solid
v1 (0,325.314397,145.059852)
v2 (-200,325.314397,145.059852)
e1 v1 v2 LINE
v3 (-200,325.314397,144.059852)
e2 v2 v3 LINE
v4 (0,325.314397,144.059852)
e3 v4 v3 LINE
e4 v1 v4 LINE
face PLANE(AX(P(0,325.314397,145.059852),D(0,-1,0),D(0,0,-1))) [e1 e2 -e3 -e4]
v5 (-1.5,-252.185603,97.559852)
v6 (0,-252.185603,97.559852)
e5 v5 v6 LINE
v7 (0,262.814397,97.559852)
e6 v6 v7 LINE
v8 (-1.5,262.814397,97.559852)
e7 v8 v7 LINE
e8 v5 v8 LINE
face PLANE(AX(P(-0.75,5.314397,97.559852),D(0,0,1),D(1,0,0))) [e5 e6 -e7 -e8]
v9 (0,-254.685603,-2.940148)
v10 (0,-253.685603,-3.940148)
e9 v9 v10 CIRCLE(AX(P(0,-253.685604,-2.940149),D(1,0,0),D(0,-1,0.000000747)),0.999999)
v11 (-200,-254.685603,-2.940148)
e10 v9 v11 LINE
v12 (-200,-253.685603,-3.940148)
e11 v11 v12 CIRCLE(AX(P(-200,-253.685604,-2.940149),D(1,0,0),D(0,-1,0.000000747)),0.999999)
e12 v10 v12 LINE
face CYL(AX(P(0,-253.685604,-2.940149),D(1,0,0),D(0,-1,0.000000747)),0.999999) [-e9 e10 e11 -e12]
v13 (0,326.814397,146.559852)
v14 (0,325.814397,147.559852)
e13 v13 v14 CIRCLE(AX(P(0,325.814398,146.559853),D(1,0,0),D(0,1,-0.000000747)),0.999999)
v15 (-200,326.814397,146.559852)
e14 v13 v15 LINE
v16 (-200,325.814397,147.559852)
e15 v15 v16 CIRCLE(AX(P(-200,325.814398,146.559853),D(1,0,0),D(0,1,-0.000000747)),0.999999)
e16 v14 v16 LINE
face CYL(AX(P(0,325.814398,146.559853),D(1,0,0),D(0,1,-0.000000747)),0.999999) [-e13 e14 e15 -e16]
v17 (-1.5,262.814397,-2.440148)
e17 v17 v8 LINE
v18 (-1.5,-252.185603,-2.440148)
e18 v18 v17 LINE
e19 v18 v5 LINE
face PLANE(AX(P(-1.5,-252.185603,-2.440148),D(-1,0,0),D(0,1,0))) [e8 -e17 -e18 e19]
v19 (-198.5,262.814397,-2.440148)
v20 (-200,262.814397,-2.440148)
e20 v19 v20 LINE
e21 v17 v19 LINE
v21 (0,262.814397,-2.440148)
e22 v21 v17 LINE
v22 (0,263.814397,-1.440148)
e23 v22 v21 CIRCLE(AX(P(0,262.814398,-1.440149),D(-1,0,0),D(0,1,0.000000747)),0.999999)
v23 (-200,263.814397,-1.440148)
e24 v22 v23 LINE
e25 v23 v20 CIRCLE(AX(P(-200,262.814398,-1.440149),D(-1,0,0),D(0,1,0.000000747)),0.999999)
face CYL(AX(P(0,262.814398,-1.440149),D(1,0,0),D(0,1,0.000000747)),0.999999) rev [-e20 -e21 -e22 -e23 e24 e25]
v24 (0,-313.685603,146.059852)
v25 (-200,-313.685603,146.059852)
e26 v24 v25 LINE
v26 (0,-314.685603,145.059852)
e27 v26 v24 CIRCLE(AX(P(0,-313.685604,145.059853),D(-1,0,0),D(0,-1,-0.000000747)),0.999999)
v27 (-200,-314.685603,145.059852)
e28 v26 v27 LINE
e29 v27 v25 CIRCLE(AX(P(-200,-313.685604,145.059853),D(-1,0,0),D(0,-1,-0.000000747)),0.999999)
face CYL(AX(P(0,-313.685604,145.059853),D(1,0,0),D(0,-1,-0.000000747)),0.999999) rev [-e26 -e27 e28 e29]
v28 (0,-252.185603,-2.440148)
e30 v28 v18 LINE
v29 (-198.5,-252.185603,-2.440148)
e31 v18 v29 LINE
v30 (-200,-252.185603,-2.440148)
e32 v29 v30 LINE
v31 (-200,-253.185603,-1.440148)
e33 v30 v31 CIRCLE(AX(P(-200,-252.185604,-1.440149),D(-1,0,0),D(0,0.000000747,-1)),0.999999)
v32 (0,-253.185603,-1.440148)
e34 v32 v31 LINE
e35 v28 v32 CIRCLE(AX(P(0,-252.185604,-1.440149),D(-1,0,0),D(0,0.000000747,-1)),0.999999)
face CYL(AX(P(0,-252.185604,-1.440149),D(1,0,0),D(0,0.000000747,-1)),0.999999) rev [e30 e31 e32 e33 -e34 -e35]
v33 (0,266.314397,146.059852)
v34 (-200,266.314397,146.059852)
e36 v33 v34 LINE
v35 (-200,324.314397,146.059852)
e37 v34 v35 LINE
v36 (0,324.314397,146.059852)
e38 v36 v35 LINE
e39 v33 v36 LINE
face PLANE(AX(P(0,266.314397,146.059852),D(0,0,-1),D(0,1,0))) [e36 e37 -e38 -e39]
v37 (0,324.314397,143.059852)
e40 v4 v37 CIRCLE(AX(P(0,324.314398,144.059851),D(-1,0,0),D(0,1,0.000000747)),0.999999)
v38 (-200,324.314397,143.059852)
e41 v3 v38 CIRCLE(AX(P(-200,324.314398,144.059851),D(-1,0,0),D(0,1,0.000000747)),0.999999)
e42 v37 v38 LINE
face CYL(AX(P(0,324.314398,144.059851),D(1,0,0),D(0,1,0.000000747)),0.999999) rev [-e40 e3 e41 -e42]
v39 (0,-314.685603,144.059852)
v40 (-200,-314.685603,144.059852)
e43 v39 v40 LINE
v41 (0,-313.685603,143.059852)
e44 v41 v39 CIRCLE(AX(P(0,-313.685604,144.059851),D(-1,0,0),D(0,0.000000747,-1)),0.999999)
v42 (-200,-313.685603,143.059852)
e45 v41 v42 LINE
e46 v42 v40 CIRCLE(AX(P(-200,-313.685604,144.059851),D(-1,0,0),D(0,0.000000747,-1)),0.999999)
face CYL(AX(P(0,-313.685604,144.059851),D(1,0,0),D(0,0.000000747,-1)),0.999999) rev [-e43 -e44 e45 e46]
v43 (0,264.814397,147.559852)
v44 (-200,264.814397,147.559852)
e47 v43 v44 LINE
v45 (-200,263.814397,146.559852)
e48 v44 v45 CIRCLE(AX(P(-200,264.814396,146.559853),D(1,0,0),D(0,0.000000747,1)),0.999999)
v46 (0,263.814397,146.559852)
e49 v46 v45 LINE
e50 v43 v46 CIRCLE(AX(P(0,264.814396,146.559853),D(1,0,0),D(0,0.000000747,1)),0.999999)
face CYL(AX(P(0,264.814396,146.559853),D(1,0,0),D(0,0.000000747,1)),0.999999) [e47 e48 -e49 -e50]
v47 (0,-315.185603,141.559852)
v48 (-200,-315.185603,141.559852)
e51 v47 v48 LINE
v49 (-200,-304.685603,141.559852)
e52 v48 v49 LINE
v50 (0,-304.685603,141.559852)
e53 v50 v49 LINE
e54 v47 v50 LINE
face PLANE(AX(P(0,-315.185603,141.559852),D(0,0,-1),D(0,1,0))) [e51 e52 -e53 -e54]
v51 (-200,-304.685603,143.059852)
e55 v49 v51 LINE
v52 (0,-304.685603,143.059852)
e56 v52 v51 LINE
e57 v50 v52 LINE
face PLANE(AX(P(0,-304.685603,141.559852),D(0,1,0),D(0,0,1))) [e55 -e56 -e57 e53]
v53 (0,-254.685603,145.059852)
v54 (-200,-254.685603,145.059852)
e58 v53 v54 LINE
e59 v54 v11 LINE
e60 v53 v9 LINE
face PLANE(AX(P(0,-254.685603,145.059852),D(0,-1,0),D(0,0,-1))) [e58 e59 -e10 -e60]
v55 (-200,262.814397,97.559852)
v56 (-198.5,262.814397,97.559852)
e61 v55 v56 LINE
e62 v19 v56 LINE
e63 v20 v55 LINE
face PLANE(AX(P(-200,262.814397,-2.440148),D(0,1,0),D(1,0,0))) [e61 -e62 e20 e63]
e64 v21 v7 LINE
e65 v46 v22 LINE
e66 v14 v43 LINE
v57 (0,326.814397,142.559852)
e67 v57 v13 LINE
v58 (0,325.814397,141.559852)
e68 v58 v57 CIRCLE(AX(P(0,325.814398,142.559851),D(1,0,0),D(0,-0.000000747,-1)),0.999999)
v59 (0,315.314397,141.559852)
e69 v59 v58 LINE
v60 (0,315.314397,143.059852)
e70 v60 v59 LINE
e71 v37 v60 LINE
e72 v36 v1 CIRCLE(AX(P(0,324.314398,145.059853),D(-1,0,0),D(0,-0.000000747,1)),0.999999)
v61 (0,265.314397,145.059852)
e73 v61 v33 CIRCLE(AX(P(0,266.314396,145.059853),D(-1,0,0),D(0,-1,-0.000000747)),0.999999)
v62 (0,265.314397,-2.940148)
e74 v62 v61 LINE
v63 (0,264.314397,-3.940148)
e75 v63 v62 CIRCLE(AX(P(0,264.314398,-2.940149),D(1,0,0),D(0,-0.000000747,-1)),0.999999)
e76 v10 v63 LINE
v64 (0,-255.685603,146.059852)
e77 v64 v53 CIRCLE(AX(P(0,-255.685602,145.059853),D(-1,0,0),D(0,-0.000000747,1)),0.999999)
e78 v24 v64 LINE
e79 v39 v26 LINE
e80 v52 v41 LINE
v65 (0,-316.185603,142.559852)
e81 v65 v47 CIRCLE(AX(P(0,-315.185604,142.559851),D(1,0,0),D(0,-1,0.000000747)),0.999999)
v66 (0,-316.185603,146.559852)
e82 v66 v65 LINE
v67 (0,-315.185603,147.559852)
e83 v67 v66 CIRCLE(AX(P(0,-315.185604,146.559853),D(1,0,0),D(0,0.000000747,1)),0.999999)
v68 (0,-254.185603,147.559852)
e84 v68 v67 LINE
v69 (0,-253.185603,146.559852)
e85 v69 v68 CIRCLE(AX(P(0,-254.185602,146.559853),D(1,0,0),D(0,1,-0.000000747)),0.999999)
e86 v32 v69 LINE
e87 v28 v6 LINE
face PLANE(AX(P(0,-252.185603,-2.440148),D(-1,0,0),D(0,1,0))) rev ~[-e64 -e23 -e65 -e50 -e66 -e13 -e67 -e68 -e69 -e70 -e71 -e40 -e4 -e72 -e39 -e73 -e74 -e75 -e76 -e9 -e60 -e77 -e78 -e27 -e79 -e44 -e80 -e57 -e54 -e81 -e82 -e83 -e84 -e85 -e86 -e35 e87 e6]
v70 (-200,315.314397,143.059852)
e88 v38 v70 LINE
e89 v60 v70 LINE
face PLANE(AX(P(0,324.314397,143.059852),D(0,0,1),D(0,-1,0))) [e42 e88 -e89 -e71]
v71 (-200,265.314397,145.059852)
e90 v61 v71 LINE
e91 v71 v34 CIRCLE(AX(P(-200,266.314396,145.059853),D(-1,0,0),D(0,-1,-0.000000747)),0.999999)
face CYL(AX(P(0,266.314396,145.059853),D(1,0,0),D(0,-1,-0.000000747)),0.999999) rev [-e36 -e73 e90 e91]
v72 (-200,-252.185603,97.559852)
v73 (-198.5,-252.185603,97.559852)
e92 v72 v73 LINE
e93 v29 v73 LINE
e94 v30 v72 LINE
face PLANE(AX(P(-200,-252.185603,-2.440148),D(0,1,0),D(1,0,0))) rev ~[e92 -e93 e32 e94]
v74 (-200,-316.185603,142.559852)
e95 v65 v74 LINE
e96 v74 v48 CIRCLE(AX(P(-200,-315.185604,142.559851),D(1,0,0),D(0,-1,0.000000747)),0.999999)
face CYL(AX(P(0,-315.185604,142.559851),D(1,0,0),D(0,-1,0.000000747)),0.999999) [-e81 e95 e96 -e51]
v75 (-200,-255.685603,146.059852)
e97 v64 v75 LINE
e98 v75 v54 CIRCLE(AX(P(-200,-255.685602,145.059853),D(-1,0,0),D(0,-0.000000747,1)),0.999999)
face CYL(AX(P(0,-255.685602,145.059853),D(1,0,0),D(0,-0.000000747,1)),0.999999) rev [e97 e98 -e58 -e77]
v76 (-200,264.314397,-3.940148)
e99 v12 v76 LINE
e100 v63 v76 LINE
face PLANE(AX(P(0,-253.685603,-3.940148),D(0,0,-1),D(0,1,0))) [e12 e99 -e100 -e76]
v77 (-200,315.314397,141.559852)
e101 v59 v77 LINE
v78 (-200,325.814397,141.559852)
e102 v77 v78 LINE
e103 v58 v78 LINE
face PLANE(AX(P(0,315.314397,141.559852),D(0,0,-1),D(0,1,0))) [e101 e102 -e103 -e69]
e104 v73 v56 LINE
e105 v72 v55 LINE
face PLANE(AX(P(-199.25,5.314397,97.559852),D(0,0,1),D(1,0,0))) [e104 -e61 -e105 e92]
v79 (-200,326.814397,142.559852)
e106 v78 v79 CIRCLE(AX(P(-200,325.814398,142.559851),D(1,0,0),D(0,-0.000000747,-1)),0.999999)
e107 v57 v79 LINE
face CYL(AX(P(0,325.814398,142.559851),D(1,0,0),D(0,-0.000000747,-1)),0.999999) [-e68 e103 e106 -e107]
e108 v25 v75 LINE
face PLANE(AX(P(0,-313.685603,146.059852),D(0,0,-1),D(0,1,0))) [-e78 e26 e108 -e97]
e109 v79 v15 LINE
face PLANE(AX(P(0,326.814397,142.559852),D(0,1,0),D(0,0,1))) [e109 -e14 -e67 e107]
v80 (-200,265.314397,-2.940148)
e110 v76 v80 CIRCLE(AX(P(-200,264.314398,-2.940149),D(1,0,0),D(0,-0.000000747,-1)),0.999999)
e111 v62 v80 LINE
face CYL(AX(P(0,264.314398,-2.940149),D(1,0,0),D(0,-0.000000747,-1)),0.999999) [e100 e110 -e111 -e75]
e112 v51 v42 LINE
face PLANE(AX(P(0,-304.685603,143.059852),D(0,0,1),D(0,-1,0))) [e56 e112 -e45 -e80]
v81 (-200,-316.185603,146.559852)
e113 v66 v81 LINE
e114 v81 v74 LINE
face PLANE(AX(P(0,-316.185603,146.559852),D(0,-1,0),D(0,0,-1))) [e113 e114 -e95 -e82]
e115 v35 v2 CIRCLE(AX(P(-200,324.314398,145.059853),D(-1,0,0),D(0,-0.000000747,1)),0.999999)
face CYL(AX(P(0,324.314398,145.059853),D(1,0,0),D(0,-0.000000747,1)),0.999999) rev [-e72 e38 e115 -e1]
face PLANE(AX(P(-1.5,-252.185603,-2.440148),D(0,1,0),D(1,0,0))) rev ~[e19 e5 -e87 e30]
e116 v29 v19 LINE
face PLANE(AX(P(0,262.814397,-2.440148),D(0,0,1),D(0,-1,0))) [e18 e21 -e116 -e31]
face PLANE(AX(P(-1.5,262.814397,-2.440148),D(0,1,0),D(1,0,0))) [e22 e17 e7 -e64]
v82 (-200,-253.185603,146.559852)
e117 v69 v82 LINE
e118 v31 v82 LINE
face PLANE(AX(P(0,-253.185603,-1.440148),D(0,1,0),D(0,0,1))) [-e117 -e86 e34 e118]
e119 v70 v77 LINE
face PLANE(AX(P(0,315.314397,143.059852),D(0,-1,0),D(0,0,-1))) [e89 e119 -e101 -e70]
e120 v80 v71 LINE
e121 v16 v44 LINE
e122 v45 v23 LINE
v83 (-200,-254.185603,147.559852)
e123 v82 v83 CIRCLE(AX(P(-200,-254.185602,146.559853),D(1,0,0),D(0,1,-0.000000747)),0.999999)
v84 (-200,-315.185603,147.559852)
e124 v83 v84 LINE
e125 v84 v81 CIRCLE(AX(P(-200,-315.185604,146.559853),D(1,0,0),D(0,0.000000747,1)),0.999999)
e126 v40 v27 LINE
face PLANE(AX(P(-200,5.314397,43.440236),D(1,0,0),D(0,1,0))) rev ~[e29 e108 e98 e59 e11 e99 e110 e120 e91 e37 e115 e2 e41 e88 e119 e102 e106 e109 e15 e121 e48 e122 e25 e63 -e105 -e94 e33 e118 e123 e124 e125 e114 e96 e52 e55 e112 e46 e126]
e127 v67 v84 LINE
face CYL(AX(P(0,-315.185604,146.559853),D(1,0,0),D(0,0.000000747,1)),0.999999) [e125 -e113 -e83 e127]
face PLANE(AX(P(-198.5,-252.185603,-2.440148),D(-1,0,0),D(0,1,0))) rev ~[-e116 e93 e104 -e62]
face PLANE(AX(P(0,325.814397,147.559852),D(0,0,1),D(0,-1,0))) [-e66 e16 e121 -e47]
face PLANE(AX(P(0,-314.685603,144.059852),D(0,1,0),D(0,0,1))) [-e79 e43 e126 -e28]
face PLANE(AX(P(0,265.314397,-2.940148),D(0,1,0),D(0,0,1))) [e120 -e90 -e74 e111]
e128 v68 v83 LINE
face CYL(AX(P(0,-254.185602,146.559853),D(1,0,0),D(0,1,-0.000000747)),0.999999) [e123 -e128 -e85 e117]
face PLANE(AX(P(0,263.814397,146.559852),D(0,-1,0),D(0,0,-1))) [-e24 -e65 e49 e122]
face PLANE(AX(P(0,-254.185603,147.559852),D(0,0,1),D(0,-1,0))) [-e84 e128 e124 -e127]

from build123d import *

# Parameters (mm, degrees)
F1_DEPTH = 200
F2_W     = 1.5
F2_H     = 515
F3_DEPTH = 100


with BuildPart() as f1:
    # F0 (on Right) → F1 (new body)
    with BuildSketch(Plane.YZ):
        with BuildLine():
            Line((-304.685603, 141.559852), (-304.685603, 143.059852))
            Line((-304.685603, 143.059852), (-313.685603, 143.059852))
            ThreePointArc((-313.685603, 143.059852), (-314.39271, 143.352745), (-314.685603, 144.059852))
            Line((-314.685603, 144.059852), (-314.685603, 145.059852))
            ThreePointArc((-314.685603, 145.059852), (-314.39271, 145.766959), (-313.685603, 146.059852))
            Line((-313.685603, 146.059852), (-255.685603, 146.059852))
            ThreePointArc((-255.685603, 146.059852), (-254.978496, 145.766959), (-254.685603, 145.059852))
            Line((-254.685603, 145.059852), (-254.685603, -2.940148))
            ThreePointArc((-254.685603, -2.940148), (-254.39271, -3.647255), (-253.685603, -3.940148))
            Line((-253.685603, -3.940148), (264.314397, -3.940148))
            ThreePointArc((264.314397, -3.940148), (265.021504, -3.647255), (265.314397, -2.940148))
            Line((265.314397, -2.940148), (265.314397, 145.059852))
            ThreePointArc((265.314397, 145.059852), (265.60729, 145.766959), (266.314397, 146.059852))
            Line((266.314397, 146.059852), (324.314397, 146.059852))
            ThreePointArc((324.314397, 146.059852), (325.021504, 145.766959), (325.314397, 145.059852))
            Line((325.314397, 145.059852), (325.314397, 144.059852))
            ThreePointArc((325.314397, 144.059852), (325.021504, 143.352745), (324.314397, 143.059852))
            Line((324.314397, 143.059852), (315.314397, 143.059852))
            Line((315.314397, 143.059852), (315.314397, 141.559852))
            Line((315.314397, 141.559852), (325.814397, 141.559852))
            ThreePointArc((325.814397, 141.559852), (326.521504, 141.852745), (326.814397, 142.559852))
            Line((326.814397, 142.559852), (326.814397, 146.559852))
            ThreePointArc((326.814397, 146.559852), (326.521504, 147.266959), (325.814397, 147.559852))
            Line((325.814397, 147.559852), (264.814397, 147.559852))
            ThreePointArc((264.814397, 147.559852), (264.10729, 147.266959), (263.814397, 146.559852))
            Line((263.814397, 146.559852), (263.814397, -1.440148))
            ThreePointArc((263.814397, -1.440148), (263.521504, -2.147255), (262.814397, -2.440148))
            Line((262.814397, -2.440148), (-252.185603, -2.440148))
            ThreePointArc((-252.185603, -2.440148), (-252.89271, -2.147255), (-253.185603, -1.440148))
            Line((-253.185603, -1.440148), (-253.185603, 146.559852))
            ThreePointArc((-253.185603, 146.559852), (-253.478496, 147.266959), (-254.185603, 147.559852))
            Line((-254.185603, 147.559852), (-315.185603, 147.559852))
            ThreePointArc((-315.185603, 147.559852), (-315.89271, 147.266959), (-316.185603, 146.559852))
            Line((-316.185603, 146.559852), (-316.185603, 142.559852))
            ThreePointArc((-316.185603, 142.559852), (-315.89271, 141.852745), (-315.185603, 141.559852))
            Line((-315.185603, 141.559852), (-304.685603, 141.559852))
        make_face()
    extrude(amount=-F1_DEPTH)

    # F2 (on face) → F3 (join)
    with BuildSketch(Plane.XY.offset(-2.440148)):
        with Locations((-0.75, 5.314397)):
            Rectangle(F2_W, F2_H)
        with Locations((-199.25, 5.314397)):
            Rectangle(F2_W, F2_H)
    extrude(amount=F3_DEPTH)


solid = f1.part
